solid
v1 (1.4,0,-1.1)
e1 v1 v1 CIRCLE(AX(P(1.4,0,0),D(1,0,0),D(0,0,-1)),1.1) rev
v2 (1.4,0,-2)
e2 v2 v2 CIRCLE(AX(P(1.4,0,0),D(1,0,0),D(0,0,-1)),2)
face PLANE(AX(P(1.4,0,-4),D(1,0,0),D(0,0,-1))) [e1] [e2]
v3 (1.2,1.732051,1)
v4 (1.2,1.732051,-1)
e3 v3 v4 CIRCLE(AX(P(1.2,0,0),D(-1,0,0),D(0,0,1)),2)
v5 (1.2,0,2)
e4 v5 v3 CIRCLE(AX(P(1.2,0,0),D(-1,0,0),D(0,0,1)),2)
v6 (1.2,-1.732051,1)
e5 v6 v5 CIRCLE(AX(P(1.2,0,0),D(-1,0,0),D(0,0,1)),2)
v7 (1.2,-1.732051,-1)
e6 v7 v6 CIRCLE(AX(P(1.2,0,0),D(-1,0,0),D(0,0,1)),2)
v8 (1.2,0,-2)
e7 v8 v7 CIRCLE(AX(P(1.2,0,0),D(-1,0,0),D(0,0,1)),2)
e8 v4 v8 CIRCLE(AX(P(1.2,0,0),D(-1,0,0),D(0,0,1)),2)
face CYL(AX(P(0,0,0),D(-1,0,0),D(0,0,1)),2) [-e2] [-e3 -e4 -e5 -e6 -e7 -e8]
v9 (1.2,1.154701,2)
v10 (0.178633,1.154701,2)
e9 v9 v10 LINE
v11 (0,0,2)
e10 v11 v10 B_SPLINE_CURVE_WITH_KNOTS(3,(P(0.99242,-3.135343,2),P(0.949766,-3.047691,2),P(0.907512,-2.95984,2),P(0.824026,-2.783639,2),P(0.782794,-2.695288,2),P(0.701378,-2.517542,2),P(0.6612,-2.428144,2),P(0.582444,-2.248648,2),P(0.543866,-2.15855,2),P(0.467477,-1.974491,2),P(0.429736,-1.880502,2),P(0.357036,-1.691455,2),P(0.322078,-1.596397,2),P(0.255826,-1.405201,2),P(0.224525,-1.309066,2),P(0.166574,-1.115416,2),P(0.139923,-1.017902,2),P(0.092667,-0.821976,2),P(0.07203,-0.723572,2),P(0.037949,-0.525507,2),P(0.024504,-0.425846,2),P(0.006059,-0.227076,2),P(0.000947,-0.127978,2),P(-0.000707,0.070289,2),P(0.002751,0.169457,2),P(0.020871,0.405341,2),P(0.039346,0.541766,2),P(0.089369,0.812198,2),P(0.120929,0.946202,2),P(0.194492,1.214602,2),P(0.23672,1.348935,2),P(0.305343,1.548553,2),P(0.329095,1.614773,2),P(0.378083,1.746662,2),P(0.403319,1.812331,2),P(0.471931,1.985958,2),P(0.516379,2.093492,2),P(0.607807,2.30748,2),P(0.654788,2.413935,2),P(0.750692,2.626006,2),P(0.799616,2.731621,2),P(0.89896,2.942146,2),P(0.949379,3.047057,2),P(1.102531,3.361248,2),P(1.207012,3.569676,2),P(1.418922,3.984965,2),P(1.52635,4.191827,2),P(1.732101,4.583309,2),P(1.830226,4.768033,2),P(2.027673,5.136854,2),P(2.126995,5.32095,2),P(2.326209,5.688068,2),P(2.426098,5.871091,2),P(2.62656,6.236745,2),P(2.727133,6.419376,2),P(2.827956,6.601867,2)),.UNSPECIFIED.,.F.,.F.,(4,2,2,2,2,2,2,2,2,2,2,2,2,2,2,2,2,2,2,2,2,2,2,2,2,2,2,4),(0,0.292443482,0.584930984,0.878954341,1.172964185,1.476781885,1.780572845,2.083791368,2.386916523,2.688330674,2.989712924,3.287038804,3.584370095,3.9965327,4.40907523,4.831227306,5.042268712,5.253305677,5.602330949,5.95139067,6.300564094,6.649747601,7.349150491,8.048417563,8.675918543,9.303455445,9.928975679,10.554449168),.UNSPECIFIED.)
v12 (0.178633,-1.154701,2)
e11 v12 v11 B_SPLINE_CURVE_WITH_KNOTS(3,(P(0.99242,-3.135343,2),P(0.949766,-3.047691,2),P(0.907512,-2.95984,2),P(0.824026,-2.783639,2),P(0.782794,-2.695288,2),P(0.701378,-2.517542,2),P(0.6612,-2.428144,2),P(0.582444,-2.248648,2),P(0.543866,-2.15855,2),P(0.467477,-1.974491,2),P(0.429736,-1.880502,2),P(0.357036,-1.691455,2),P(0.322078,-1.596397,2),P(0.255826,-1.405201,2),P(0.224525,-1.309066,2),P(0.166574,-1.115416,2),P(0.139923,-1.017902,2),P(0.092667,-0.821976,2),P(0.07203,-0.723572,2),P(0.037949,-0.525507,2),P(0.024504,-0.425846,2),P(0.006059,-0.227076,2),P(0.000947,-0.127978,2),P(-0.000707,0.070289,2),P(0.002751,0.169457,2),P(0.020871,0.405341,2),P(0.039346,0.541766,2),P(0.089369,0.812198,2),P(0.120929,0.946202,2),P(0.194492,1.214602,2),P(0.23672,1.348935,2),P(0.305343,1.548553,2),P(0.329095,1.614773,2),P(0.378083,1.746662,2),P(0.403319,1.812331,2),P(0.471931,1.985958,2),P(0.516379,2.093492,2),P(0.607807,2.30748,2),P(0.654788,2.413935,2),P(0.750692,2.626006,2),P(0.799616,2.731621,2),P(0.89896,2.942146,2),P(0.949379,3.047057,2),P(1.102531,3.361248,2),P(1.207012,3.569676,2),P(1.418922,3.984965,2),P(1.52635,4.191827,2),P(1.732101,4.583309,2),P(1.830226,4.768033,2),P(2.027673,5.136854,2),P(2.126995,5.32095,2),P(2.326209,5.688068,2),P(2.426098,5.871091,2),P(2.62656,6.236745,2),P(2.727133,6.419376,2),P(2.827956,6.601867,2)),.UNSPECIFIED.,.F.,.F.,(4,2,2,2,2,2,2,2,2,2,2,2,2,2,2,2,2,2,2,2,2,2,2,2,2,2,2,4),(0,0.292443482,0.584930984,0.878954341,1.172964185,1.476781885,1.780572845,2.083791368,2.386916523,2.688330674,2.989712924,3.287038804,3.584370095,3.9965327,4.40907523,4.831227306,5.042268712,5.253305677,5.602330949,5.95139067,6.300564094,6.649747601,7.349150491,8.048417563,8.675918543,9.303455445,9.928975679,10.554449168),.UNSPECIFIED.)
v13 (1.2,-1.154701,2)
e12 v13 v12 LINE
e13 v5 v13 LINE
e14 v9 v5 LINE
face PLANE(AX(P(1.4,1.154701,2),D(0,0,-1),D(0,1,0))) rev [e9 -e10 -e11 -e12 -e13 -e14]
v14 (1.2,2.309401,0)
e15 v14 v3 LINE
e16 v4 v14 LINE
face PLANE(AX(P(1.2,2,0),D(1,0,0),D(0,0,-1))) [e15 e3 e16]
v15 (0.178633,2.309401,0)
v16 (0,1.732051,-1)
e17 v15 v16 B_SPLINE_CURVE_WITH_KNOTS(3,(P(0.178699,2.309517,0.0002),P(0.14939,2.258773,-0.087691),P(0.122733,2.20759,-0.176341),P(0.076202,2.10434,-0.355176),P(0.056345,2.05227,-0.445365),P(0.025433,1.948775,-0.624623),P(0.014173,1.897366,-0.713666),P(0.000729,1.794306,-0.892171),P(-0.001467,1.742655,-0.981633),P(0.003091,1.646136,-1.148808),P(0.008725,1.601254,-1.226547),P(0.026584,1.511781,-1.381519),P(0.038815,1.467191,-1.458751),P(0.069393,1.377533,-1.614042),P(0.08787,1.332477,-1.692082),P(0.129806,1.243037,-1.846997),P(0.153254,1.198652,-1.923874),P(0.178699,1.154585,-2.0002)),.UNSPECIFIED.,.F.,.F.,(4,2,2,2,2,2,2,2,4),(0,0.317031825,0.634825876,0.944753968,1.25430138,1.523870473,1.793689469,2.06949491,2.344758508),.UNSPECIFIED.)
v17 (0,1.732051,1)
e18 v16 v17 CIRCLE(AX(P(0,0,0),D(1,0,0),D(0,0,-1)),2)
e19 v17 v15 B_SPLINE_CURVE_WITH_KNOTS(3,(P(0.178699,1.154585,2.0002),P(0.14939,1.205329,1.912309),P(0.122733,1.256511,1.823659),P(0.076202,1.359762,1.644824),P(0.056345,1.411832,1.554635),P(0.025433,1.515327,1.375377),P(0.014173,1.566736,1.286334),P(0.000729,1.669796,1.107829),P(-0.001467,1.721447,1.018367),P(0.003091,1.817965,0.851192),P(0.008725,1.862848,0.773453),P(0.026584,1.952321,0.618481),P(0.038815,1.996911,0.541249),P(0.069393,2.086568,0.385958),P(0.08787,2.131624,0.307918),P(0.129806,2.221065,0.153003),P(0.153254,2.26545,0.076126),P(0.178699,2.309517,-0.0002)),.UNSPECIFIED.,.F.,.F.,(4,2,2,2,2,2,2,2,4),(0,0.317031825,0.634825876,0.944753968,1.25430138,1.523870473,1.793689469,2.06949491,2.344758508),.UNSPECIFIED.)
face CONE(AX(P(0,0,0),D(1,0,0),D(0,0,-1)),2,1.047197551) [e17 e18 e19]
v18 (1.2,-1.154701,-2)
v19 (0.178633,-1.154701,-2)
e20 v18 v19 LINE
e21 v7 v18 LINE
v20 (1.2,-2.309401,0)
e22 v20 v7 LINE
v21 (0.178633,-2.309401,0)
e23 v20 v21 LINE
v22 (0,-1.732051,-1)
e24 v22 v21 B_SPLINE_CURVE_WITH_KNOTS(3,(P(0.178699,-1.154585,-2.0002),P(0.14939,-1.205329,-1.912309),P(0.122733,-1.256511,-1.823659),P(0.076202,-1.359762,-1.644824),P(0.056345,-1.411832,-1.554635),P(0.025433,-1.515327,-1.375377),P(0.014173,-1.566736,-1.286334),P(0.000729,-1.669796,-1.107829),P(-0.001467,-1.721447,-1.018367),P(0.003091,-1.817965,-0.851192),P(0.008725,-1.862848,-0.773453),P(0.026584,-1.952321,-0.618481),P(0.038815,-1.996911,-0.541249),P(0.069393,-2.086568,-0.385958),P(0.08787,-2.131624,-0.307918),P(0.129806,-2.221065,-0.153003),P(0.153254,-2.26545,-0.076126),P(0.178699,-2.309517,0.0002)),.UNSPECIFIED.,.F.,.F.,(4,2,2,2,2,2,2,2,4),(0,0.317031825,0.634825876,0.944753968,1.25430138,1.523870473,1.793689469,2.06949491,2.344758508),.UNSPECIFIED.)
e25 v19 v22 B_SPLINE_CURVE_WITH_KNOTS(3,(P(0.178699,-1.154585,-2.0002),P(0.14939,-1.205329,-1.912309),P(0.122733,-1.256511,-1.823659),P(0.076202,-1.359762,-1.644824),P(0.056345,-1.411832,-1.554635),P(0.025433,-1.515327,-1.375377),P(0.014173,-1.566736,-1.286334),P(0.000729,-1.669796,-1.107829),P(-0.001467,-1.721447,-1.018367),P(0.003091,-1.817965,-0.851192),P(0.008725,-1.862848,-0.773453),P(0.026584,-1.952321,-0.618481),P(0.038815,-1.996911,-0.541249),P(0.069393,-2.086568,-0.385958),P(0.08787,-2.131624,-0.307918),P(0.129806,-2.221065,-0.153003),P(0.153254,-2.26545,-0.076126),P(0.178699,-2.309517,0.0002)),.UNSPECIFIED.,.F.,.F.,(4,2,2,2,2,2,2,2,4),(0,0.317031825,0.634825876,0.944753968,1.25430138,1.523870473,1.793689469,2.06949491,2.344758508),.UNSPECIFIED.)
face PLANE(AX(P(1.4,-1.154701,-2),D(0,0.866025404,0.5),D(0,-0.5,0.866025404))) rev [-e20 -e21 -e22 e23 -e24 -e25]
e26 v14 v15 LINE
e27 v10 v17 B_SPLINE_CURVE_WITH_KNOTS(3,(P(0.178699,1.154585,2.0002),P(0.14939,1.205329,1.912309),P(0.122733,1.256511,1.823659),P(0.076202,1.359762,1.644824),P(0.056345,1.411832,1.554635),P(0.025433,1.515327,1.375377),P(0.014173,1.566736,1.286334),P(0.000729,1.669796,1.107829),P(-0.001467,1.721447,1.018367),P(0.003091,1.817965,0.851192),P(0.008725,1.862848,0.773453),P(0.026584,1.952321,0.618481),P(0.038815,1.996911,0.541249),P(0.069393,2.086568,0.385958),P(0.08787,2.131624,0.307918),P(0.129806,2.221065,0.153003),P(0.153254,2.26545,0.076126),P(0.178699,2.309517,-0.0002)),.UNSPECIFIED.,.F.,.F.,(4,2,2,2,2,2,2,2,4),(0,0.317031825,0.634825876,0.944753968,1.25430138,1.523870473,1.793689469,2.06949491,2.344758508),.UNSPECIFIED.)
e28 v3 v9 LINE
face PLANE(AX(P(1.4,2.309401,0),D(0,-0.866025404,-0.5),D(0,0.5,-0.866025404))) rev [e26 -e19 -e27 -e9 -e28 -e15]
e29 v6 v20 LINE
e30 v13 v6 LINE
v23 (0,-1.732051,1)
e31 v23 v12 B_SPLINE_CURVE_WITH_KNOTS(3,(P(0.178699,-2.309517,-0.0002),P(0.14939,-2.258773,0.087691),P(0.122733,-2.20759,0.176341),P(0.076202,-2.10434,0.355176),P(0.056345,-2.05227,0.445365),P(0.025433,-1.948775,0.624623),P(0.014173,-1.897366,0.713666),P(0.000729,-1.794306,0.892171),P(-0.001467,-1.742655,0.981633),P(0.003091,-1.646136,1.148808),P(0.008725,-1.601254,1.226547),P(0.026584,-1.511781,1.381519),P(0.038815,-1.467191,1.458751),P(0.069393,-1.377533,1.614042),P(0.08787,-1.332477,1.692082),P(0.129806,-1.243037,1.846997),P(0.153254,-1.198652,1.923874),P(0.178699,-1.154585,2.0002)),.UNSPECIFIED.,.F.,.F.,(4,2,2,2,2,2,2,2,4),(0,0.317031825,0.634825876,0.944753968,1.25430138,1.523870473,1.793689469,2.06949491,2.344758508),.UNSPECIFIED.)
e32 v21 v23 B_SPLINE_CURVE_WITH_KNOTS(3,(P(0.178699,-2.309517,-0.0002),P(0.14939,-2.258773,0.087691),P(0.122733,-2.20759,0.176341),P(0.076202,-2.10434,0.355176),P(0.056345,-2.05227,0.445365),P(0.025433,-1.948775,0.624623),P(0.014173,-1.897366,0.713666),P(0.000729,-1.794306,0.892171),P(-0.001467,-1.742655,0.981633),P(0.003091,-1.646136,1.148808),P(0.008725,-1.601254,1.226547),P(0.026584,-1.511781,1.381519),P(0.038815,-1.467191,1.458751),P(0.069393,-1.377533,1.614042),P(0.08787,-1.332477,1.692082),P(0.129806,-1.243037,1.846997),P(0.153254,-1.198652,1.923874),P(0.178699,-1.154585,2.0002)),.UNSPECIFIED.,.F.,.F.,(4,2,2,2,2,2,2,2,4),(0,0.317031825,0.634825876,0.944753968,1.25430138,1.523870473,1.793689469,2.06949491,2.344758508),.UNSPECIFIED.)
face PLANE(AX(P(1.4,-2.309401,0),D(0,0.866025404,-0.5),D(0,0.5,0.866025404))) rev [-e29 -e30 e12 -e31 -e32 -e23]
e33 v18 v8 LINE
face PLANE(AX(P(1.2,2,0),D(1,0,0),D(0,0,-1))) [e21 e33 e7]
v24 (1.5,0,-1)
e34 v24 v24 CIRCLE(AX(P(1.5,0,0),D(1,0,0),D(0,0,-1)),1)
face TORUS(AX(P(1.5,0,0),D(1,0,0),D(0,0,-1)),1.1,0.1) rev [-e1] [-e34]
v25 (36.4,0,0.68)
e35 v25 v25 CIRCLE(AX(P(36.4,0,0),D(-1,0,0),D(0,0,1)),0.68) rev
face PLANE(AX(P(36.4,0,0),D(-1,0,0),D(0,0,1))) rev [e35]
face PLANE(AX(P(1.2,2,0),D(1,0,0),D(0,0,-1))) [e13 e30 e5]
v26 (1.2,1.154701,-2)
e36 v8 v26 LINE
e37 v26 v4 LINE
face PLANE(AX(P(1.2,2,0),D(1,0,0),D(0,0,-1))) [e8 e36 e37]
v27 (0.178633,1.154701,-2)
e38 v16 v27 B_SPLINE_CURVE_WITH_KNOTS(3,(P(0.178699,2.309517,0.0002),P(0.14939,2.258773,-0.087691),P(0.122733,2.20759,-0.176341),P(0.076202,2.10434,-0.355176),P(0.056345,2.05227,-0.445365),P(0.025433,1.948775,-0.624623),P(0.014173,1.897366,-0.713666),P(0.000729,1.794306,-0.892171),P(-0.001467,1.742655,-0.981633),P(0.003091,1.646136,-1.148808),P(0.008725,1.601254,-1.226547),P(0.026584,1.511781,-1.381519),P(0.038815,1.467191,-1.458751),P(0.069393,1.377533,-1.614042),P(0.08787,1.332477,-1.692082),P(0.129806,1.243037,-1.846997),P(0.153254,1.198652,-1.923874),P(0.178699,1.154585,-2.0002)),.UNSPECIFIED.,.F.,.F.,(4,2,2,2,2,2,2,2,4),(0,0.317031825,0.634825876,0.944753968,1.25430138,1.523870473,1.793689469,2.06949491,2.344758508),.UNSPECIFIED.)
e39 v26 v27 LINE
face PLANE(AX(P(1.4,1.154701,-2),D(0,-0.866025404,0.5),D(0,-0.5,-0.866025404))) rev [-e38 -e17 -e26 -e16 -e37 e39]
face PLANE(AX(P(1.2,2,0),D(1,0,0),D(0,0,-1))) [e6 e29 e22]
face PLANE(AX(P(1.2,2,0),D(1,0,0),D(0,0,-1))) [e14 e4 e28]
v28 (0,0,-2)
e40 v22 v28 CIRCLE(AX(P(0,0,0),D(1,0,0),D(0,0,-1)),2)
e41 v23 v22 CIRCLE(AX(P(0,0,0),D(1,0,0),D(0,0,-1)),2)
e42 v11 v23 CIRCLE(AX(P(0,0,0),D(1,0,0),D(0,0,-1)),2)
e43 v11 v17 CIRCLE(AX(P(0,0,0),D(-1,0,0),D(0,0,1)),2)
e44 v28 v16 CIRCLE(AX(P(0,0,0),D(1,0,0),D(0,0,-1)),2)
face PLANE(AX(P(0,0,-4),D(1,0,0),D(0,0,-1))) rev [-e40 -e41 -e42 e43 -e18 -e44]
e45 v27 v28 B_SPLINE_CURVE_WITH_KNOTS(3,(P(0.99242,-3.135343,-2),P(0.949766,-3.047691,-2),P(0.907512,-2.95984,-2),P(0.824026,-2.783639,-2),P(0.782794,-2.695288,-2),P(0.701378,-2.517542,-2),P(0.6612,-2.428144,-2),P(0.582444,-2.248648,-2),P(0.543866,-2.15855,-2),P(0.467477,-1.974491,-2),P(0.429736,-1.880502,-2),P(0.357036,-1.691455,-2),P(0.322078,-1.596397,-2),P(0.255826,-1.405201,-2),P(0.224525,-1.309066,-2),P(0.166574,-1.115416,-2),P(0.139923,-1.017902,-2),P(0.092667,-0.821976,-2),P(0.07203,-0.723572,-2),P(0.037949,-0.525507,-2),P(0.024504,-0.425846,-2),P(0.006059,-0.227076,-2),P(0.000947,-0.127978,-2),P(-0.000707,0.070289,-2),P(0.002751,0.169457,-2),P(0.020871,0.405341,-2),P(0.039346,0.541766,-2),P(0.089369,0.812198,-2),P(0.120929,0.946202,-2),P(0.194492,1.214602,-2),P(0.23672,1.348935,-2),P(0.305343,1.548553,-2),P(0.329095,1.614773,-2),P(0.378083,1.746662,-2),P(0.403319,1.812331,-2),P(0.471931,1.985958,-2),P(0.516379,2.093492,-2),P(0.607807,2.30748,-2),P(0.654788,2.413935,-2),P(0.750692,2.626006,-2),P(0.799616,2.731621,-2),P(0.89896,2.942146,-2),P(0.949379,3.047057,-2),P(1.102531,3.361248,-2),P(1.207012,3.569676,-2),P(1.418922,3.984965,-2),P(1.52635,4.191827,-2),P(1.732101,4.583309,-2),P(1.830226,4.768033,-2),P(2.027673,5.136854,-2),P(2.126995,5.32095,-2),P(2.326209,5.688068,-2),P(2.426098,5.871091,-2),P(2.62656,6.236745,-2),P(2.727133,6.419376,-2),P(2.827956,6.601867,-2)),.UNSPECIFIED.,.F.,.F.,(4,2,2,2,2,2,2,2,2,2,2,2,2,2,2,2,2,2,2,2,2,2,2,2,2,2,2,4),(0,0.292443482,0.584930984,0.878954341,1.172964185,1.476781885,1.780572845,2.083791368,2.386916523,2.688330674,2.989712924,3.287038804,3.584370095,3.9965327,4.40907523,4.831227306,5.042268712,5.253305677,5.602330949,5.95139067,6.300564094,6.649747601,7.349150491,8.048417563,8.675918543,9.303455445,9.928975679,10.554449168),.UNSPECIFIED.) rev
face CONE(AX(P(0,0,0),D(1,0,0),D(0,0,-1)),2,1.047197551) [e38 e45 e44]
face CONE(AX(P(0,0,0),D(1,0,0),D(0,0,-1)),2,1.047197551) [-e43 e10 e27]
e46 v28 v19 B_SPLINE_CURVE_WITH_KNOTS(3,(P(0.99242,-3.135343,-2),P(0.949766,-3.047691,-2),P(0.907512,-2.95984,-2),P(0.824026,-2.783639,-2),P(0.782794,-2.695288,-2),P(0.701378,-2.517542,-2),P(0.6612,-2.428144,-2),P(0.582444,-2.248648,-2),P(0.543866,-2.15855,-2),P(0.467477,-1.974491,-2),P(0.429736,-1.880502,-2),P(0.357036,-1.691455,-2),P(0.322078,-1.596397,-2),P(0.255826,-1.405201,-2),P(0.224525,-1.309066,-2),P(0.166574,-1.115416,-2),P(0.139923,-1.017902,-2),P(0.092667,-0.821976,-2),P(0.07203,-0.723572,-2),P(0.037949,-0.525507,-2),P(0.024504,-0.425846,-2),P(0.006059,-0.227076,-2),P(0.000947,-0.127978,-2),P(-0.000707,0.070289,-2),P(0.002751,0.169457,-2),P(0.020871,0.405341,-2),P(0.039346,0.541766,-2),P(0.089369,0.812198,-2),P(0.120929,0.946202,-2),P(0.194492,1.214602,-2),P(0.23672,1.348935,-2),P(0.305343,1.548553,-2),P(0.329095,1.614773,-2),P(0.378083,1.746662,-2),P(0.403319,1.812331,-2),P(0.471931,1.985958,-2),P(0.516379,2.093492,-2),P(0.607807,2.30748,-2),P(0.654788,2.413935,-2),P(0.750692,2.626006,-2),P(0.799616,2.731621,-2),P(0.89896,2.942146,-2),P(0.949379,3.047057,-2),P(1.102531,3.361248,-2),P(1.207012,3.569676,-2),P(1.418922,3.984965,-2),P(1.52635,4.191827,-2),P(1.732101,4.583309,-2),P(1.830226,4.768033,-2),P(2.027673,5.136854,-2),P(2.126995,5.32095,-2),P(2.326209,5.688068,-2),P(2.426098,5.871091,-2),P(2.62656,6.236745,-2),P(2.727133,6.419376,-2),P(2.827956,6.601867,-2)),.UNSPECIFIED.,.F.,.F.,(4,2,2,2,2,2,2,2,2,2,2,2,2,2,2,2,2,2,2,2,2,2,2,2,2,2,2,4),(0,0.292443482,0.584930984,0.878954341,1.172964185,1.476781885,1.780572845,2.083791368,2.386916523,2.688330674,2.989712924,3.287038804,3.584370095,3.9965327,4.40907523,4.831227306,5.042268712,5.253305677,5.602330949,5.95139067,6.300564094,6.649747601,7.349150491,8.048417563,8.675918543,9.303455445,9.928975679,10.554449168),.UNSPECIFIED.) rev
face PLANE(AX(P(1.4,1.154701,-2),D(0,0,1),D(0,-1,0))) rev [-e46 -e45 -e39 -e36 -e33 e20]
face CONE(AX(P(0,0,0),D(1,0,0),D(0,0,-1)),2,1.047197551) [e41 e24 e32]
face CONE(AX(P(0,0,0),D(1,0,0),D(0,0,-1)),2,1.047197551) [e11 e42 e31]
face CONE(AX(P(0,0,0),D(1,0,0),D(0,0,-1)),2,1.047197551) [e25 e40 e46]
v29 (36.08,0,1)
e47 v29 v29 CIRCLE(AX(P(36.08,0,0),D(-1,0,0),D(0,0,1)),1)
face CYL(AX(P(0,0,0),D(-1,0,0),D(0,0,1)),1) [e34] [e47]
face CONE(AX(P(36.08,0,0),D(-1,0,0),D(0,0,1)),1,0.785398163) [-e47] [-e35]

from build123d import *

# Parameters (mm, degrees)
EXTRUDE_360_DEPTH = 1.4
SKETCH_4_W        = 0.2
SKETCH_4_H        = 10.309401077
CHAMFER_1921_SIZE = 0.32
FILLET_1966_R     = 0.1


with BuildPart() as part:
    # 草图1 → Extrude 360 (new body)
    with BuildSketch(Plane(origin=(0, 0, 0), x_dir=(0, 0, -1), z_dir=(1, 0, 0))):
        Polygon((2, 1.154700538), (2, -1.154700538), (0, -2.309401077), (-2, -1.154700538), (-2, 1.154700538), (0, 2.309401077), align=None)
    extrude(amount=EXTRUDE_360_DEPTH)

    # 草图2 → 凸台-旋转1 (revolve)
    with BuildSketch(Plane.XY, mode=Mode.PRIVATE) as revolve_1_sk:
        Polygon((0, 0), (36.4, 0), (36.4, 0.6536), (36.4, 1), (0, 1), align=None)
    revolve(revolve_1_sk.sketch.rotate(Axis((0, 0, 0), (1, 0, 0)), 90), axis=Axis((0, 0, 0), (1, 0, 0)))

    # 草图3 → 切除-旋转1 (revolve, cut)
    with BuildSketch(Plane.XY):
        Polygon((0, 2), (3.065384141, 7.309401077), (3.065384141, 12.309401077), (-10, 12.309401077), (-10, 2), align=None)
    revolve(axis=Axis((0, 0, 0), (1, 0, 0)), mode=Mode.SUBTRACT)

    # 草图5 → 切除-旋转2 (revolve, cut)
    with BuildSketch(Plane.XY):
        Polygon((1.4, 2), (-1.665384141, 7.309401077), (-1.665384141, 12.309401077), (8.334615859, 12.309401077), (8.334615859, 2), align=None)
    revolve(axis=Axis((0, 0, 0), (1, 0, 0)), mode=Mode.SUBTRACT)

    # 草图4 → 切除-旋转3 (revolve, cut)
    with BuildSketch(Plane.XY, mode=Mode.PRIVATE) as cut_revolve_3_sk:
        with Locations((1.3, 7.154700539)):
            Rectangle(SKETCH_4_W, SKETCH_4_H)
    revolve(cut_revolve_3_sk.sketch.rotate(Axis((0, 0, 0), (1, 0, 0)), 270), axis=Axis((0, 0, 0), (1, 0, 0)), mode=Mode.SUBTRACT)

    # Chamfer 1921
    chamfer_1921_edges = [part.edges().sort_by_distance(p)[0] for p in [
        (36.4, 0, -1),
    ]]
    chamfer(chamfer_1921_edges, length=CHAMFER_1921_SIZE)

    # Fillet 1966
    fillet_1966_edges = [part.edges().sort_by_distance(p)[0] for p in [
        (1.4, 0, -1),
    ]]
    fillet(fillet_1966_edges, radius=FILLET_1966_R)


solid = part.part
